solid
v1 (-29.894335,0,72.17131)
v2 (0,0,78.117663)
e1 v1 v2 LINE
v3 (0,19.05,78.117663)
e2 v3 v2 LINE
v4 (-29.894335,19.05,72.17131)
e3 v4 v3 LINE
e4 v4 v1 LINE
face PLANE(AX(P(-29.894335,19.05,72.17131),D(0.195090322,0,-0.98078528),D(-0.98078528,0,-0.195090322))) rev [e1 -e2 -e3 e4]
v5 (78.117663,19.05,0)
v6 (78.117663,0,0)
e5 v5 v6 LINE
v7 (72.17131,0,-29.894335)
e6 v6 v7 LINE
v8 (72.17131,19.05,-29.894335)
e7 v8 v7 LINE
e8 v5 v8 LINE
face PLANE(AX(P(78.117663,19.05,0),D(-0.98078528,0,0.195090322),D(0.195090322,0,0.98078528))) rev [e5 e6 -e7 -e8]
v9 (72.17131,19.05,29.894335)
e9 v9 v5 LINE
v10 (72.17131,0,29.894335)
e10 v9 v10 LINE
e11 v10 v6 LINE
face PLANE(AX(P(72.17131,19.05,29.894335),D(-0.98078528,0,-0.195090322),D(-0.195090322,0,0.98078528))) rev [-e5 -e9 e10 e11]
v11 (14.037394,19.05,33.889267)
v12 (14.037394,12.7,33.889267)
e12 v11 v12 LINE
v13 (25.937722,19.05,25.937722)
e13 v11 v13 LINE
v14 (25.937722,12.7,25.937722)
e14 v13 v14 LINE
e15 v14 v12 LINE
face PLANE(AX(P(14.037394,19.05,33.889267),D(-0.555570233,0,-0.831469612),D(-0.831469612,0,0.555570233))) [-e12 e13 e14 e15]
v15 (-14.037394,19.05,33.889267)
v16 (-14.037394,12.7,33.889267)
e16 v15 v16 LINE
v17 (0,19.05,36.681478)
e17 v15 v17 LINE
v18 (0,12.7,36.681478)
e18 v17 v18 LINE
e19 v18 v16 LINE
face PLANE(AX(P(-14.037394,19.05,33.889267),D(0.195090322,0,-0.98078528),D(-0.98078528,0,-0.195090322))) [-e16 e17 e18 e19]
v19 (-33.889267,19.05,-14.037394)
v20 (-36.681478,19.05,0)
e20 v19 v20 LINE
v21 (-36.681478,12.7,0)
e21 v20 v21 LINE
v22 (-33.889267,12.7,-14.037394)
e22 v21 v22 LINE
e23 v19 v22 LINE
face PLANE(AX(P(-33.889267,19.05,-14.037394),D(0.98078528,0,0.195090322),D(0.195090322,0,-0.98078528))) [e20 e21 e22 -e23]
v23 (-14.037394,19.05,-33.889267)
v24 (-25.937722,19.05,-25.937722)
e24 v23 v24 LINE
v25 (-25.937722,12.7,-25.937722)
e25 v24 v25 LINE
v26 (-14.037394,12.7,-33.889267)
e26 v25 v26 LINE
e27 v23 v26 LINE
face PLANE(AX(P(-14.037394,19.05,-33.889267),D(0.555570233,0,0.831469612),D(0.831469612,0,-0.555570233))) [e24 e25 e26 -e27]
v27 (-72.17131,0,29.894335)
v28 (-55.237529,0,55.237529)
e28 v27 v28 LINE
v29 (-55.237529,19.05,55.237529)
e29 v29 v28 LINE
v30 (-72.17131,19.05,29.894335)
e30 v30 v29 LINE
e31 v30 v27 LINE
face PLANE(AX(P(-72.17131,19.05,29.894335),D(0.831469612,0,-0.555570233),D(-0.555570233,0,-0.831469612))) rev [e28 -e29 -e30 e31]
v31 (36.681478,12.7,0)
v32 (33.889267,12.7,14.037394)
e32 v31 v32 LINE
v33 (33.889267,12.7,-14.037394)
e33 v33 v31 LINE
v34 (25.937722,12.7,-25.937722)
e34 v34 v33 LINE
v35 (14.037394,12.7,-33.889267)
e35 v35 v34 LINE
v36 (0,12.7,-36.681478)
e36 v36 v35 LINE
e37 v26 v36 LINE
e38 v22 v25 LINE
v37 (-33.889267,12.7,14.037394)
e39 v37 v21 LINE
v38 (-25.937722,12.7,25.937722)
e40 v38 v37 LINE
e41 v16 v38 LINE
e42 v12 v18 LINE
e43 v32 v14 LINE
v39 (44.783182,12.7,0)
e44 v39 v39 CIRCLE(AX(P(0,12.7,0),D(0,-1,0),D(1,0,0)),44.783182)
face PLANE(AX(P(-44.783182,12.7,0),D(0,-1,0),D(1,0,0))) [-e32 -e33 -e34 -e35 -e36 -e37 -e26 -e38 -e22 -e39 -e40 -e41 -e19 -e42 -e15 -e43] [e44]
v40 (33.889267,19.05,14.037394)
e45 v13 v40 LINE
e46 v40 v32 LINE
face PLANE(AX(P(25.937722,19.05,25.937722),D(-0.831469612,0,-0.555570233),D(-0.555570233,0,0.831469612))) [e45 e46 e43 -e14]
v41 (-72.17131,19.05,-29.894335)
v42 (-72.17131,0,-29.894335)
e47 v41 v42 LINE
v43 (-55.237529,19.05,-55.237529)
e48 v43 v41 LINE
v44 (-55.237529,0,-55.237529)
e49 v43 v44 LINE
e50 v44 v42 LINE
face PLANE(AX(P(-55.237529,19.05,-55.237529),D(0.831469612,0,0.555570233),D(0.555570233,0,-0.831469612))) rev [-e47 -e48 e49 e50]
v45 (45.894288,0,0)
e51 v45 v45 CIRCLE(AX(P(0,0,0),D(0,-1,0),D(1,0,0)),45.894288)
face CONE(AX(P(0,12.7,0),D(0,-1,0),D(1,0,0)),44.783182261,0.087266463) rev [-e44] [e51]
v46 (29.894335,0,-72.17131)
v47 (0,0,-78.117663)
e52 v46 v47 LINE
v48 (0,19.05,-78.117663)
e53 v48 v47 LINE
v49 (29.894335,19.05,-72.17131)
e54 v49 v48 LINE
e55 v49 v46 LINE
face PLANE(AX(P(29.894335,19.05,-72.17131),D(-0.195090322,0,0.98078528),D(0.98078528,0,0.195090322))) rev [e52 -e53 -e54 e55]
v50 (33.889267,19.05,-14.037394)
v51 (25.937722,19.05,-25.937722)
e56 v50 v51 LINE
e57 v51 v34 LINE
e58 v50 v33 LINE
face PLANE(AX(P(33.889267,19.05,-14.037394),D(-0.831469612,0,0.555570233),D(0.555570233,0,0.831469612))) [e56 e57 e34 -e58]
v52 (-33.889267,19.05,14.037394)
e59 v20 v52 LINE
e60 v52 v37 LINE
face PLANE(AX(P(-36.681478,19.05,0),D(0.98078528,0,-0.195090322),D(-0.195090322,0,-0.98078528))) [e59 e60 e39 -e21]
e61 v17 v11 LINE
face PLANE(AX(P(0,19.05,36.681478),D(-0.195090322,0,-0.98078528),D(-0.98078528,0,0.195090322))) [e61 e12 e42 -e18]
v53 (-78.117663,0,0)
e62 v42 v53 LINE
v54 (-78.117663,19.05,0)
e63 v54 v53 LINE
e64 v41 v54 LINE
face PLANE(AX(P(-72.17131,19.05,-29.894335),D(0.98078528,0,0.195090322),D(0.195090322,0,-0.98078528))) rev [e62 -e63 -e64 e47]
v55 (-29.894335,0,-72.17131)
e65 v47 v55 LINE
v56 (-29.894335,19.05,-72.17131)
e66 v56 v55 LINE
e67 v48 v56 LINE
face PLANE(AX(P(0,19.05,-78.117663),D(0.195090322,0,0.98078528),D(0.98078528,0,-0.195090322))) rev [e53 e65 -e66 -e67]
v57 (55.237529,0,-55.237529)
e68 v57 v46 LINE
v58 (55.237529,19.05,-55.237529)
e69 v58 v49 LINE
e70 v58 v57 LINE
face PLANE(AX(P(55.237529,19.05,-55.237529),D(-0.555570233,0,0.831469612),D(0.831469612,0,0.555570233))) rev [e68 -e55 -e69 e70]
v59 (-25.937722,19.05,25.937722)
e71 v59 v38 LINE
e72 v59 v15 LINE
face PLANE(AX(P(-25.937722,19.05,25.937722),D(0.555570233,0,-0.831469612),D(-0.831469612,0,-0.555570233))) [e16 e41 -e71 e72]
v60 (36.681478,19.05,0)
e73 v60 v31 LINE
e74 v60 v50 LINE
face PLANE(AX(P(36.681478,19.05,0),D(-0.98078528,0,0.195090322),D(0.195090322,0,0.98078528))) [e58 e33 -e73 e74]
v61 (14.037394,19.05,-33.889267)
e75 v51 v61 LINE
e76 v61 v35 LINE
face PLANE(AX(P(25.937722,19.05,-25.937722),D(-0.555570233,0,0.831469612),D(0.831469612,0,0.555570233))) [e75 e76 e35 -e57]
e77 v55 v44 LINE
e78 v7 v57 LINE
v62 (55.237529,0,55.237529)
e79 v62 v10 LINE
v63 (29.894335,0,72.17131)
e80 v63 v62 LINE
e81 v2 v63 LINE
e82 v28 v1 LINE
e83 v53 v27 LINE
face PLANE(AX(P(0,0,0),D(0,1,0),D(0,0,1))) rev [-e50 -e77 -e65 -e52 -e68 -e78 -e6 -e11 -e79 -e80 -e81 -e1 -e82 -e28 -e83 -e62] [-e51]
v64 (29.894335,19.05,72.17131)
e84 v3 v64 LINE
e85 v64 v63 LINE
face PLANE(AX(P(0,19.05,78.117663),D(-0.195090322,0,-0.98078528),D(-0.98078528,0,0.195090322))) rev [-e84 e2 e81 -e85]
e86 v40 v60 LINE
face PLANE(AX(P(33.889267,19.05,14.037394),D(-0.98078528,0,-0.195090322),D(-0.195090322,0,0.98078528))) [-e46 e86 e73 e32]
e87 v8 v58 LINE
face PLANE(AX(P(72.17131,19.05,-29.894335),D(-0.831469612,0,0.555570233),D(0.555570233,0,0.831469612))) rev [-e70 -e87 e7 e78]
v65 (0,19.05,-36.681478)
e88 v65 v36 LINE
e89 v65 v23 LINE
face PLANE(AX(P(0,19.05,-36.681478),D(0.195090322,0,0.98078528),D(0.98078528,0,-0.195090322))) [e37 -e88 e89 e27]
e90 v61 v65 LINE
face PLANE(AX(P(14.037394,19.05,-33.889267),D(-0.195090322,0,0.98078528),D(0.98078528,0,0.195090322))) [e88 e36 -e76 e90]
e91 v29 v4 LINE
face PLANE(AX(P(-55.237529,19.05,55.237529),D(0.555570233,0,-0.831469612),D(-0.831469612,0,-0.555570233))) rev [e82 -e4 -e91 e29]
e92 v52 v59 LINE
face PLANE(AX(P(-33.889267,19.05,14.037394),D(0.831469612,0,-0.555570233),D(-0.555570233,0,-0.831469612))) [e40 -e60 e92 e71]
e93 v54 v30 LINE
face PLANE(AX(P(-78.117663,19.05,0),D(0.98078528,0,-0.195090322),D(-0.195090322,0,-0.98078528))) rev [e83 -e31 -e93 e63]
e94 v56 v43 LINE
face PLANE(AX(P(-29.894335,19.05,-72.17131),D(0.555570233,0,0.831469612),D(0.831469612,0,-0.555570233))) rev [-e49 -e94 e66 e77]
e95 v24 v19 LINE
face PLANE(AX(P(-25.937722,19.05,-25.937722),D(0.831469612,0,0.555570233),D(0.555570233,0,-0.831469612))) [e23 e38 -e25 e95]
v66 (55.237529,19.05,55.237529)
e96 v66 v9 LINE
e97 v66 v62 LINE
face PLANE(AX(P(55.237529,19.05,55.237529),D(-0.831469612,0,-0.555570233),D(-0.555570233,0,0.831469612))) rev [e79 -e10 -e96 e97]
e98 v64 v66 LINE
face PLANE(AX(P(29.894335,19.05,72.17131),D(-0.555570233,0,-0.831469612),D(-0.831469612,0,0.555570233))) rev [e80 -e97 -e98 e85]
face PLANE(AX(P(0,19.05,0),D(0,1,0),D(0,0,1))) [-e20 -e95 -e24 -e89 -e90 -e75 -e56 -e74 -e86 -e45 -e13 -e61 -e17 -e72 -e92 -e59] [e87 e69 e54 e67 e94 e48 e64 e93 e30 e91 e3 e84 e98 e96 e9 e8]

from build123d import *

# Parameters (mm, degrees)
BOSS_EXTRUDE1_DEPTH = 19.05


with BuildPart() as part:
    # Sketch1 → Boss-Extrude1 (new body)
    with BuildSketch(Plane(origin=(0, 0, 0), x_dir=(1, 0, 0), z_dir=(0, 1, 0))):
        Polygon((-78.117662847, 0), (-72.171309832, -29.894335347), (-55.23752913, -55.23752913), (-29.894335347, -72.171309832), (0, -78.117662847), (29.894335347, -72.171309832), (55.23752913, -55.23752913), (72.171309832, -29.894335347), (78.117662847, 0), (72.171309832, 29.894335347), (55.23752913, 55.23752913), (29.894335347, 72.171309832), (0, 78.117662847), (-29.894335347, 72.171309832), (-55.23752913, 55.23752913), (-72.171309832, 29.894335347), align=None)
        Polygon((-36.681478178, 0), (-33.889266911, -14.037393973), (-25.937721963, -25.937721963), (-14.037393973, -33.889266911), (0, -36.681478178), (14.037393973, -33.889266911), (25.937721963, -25.937721963), (33.889266911, -14.037393973), (36.681478178, 0), (33.889266911, 14.037393973), (25.937721963, 25.937721963), (14.037393973, 33.889266911), (0, 36.681478178), (-14.037393973, 33.889266911), (-25.937721963, 25.937721963), (-33.889266911, 14.037393973), align=None, mode=Mode.SUBTRACT)
    extrude(amount=BOSS_EXTRUDE1_DEPTH)

    # Sketch6 → Cut-Revolve1 (revolve, cut)
    with BuildSketch(Plane.XY, mode=Mode.PRIVATE) as cut_revolve1_sk:
        Polygon((-44.783182261, 12.7), (-45.894288288, 0), (-10.218904836, 0), (-10.218904836, 12.7), align=None)
    revolve(cut_revolve1_sk.sketch.rotate(Axis((0, 0, 0), (0, 1, 0)), 180), axis=Axis((0, 0, 0), (0, 1, 0)), mode=Mode.SUBTRACT)


solid = part.part
